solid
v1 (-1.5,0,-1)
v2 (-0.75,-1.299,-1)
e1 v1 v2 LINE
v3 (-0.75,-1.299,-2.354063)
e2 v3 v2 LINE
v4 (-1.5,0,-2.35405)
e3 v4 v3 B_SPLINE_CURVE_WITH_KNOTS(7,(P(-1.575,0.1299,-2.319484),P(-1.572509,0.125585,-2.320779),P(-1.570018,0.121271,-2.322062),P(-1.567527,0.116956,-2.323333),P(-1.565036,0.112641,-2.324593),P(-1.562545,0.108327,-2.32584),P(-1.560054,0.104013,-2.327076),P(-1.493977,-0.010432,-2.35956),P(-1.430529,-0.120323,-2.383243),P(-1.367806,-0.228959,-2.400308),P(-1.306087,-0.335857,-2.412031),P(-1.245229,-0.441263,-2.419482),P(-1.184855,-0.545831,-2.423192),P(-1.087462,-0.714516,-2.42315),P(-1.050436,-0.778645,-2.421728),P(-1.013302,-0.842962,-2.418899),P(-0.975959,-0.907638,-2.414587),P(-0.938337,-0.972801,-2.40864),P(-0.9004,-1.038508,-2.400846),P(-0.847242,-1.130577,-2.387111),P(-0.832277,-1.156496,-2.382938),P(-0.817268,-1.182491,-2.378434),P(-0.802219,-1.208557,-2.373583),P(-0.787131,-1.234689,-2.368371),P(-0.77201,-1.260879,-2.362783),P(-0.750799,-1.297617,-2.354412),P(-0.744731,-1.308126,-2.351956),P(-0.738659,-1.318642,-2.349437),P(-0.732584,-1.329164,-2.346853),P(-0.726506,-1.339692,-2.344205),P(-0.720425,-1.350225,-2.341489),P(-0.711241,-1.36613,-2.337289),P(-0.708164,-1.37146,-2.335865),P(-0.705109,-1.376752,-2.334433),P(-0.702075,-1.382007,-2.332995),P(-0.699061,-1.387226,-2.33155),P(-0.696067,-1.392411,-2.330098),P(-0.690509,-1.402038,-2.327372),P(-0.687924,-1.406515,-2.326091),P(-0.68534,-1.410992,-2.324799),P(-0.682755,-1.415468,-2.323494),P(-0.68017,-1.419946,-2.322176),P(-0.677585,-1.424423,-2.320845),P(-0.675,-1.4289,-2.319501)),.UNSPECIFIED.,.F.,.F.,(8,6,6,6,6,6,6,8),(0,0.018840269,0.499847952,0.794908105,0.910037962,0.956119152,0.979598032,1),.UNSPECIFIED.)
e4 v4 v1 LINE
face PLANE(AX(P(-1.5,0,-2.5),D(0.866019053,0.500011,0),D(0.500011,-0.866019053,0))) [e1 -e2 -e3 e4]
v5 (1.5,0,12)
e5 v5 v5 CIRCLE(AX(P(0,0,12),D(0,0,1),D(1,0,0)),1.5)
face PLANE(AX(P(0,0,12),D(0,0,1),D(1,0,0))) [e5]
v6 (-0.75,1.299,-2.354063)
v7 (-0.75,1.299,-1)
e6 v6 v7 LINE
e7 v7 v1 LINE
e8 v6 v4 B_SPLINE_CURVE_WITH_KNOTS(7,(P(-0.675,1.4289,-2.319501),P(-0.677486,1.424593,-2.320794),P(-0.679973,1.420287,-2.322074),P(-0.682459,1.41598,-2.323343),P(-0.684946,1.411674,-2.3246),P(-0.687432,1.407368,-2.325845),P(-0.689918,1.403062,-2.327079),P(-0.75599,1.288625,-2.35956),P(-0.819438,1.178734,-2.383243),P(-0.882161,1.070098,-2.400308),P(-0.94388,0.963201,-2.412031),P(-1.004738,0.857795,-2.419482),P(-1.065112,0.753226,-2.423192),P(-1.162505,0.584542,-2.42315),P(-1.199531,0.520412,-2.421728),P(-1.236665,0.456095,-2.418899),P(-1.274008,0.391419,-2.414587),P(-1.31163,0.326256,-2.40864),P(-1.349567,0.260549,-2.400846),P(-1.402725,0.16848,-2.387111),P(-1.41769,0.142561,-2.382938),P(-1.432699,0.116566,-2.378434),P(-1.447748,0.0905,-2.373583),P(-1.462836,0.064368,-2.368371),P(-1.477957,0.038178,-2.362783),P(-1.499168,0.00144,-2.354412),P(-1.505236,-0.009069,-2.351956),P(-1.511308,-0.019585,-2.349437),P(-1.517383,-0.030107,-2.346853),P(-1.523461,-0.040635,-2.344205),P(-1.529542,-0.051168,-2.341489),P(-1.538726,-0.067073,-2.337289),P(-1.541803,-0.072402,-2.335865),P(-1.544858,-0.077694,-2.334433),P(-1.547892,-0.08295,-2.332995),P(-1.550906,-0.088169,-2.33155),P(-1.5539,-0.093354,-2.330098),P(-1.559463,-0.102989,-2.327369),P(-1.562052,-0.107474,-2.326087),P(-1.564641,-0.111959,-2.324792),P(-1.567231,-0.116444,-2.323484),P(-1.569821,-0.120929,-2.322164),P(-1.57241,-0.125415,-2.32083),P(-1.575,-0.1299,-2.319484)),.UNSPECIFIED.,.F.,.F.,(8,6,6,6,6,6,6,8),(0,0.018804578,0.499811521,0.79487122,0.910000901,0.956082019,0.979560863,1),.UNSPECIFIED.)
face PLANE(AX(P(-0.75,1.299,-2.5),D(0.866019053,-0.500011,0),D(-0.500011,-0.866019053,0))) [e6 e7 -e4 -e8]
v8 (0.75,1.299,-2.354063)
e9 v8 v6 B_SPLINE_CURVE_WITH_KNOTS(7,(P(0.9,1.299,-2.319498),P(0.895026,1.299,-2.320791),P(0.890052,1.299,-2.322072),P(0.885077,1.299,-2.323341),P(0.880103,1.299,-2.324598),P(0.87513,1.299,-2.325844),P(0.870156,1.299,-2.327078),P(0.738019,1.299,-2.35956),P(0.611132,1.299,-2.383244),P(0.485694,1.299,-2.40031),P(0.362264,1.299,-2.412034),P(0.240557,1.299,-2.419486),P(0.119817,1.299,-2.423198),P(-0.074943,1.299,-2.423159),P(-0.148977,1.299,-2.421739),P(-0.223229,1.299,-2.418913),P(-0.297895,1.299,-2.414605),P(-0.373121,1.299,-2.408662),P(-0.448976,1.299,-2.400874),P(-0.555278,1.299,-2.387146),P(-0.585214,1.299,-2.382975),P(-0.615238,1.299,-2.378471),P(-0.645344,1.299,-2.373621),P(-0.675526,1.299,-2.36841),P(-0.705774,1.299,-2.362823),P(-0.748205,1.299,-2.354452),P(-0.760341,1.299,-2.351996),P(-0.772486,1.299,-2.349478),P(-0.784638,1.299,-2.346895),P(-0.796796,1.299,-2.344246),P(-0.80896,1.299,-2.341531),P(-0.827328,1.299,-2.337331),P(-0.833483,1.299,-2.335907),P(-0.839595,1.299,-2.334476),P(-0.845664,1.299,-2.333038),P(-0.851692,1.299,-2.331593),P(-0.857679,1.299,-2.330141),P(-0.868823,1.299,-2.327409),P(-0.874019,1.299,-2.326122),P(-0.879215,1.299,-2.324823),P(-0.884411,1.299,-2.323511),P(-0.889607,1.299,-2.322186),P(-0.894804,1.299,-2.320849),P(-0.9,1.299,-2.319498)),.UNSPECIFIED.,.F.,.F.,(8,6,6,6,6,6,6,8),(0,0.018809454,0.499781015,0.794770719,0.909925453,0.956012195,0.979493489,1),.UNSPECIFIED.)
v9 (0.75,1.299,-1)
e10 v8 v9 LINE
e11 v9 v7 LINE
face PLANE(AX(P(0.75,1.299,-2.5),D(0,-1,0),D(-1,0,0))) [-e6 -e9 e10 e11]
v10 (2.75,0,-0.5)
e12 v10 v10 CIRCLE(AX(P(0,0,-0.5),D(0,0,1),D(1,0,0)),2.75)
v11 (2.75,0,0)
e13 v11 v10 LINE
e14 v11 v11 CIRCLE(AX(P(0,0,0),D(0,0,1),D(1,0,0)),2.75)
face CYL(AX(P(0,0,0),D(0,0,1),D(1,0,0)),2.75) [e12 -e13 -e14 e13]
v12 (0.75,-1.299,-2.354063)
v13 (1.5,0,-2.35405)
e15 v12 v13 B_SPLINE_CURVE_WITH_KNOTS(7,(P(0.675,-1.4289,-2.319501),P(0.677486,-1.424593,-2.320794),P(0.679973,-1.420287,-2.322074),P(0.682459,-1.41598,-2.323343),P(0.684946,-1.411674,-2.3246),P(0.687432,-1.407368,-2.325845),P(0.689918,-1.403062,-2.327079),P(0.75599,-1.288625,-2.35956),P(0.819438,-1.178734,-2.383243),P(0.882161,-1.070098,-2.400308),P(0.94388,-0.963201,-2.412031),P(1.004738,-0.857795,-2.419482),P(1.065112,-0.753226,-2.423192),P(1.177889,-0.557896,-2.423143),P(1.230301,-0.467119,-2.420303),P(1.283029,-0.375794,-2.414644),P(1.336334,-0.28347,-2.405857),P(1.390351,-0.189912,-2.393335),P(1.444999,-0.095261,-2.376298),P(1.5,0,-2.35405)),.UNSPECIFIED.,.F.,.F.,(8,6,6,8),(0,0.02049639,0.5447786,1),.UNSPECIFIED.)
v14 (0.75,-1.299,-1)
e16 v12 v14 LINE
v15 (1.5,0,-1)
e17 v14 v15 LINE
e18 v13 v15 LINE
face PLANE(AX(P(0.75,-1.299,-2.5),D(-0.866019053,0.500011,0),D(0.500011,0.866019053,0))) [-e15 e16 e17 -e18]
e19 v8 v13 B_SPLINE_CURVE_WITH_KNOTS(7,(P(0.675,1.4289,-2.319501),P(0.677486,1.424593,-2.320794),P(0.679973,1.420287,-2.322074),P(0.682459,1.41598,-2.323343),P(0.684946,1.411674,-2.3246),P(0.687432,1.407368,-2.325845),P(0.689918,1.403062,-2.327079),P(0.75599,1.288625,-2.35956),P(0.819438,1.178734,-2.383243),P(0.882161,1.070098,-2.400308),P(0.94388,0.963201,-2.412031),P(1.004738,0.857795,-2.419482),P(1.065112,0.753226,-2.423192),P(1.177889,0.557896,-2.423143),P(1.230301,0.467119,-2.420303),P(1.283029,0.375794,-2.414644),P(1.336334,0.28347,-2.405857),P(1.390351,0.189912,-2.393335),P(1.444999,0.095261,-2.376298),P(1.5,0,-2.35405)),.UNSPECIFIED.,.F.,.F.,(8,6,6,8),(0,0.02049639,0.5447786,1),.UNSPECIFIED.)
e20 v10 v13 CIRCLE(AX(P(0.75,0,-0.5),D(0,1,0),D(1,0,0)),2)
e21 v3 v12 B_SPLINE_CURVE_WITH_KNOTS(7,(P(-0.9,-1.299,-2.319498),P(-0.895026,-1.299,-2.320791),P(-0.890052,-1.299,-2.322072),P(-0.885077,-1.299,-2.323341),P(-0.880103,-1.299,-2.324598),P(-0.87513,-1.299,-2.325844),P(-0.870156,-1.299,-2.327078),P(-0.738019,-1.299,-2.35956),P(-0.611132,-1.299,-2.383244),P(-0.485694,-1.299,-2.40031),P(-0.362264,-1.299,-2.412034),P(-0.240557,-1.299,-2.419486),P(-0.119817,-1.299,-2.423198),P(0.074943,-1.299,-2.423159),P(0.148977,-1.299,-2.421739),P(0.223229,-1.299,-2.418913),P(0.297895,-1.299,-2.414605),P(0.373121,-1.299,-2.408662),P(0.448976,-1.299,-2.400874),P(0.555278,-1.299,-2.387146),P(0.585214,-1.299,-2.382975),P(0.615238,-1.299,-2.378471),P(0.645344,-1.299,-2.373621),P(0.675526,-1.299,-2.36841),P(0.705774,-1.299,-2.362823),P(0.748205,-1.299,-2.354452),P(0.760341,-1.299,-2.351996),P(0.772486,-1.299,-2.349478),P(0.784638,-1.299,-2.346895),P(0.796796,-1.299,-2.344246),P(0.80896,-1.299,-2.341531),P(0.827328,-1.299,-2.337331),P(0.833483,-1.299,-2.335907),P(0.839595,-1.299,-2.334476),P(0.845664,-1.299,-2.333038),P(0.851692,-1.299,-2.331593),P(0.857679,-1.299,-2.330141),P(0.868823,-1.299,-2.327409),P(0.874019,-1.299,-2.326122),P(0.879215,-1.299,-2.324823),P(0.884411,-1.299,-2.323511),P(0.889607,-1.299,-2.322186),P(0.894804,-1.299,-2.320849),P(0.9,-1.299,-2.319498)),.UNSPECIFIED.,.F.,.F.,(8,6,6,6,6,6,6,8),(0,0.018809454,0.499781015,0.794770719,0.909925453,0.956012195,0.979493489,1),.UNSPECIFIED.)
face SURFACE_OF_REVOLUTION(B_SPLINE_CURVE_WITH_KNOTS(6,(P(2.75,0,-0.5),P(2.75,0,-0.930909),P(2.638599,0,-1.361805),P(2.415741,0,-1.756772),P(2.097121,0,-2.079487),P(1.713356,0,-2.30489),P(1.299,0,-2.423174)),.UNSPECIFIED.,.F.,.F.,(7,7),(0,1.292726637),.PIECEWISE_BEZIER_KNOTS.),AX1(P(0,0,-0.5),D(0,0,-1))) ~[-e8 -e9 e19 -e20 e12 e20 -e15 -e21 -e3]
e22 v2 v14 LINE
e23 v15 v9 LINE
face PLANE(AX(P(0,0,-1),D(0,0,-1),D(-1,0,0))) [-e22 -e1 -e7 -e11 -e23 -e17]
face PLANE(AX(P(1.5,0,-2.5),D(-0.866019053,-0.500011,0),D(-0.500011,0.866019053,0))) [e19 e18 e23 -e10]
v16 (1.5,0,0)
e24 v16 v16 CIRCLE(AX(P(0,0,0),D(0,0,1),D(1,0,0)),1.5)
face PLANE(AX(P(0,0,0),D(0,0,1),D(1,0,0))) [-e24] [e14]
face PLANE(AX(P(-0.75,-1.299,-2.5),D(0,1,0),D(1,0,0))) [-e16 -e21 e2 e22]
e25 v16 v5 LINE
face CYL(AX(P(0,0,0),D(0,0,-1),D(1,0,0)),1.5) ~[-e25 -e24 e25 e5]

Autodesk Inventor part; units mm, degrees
ref_plane "YZ Plane" through (0, 0, 0) normal (1, 0, 0) x (0, 1, 0)
ref_plane "XZ Plane" through (0, 0, 0) normal (0, 1, 0) x (-1, 0, 0)
ref_plane "XY Plane" through (0, 0, 0) normal (0, 0, 1) x (1, 0, 0)
sketch "Boceto1" plane through (0, 0, 0) normal (0, 0, 1) x (1, 0, 0)
  circle A0 centre (0, 0) radius 1.5
  circle A1 centre (0, 0) radius 2.75
  dimension "d0" = 3
  dimension "d1" = 5.5
extrude "Extrusión1" add sketch "Boceto1" along normal blind 12 contours A0
extrude "Extrusión2" add sketch "Boceto1" against normal blind 2.5 contours A0 | A1
sketch "Boceto2" plane through (0, 0, -2.5) normal (0, 0, -1) x (-1, 0, 0)
  line L0 (1.5, 0) -> (0.75, -1.299)
  line L1 (0.75, -1.299) -> (-0.75, -1.299)
  line L2 (-0.75, -1.299) -> (-1.5, 0)
  line L3 (-1.5, 0) -> (-0.75, 1.299)
  line L4 (-0.75, 1.299) -> (0.75, 1.299)
  line L5 (0.75, 1.299) -> (1.5, 0)
  point P0 (0, 0)
  point P1 (0, 0)
  dimension "d6" = 3
fillet "Empalme1" radius 2 1 edges at (-2.75, 0, -2.5)
extrude "Extrusión4" cut sketch "Boceto2" against normal blind 1.5
thread "Rosca1" size "M3x0.5" class "6g" standard "ANSI Metric M Profile" full length
properties part number "tonrilloM3x12mm" material "Aluminio 6061-AHC"
